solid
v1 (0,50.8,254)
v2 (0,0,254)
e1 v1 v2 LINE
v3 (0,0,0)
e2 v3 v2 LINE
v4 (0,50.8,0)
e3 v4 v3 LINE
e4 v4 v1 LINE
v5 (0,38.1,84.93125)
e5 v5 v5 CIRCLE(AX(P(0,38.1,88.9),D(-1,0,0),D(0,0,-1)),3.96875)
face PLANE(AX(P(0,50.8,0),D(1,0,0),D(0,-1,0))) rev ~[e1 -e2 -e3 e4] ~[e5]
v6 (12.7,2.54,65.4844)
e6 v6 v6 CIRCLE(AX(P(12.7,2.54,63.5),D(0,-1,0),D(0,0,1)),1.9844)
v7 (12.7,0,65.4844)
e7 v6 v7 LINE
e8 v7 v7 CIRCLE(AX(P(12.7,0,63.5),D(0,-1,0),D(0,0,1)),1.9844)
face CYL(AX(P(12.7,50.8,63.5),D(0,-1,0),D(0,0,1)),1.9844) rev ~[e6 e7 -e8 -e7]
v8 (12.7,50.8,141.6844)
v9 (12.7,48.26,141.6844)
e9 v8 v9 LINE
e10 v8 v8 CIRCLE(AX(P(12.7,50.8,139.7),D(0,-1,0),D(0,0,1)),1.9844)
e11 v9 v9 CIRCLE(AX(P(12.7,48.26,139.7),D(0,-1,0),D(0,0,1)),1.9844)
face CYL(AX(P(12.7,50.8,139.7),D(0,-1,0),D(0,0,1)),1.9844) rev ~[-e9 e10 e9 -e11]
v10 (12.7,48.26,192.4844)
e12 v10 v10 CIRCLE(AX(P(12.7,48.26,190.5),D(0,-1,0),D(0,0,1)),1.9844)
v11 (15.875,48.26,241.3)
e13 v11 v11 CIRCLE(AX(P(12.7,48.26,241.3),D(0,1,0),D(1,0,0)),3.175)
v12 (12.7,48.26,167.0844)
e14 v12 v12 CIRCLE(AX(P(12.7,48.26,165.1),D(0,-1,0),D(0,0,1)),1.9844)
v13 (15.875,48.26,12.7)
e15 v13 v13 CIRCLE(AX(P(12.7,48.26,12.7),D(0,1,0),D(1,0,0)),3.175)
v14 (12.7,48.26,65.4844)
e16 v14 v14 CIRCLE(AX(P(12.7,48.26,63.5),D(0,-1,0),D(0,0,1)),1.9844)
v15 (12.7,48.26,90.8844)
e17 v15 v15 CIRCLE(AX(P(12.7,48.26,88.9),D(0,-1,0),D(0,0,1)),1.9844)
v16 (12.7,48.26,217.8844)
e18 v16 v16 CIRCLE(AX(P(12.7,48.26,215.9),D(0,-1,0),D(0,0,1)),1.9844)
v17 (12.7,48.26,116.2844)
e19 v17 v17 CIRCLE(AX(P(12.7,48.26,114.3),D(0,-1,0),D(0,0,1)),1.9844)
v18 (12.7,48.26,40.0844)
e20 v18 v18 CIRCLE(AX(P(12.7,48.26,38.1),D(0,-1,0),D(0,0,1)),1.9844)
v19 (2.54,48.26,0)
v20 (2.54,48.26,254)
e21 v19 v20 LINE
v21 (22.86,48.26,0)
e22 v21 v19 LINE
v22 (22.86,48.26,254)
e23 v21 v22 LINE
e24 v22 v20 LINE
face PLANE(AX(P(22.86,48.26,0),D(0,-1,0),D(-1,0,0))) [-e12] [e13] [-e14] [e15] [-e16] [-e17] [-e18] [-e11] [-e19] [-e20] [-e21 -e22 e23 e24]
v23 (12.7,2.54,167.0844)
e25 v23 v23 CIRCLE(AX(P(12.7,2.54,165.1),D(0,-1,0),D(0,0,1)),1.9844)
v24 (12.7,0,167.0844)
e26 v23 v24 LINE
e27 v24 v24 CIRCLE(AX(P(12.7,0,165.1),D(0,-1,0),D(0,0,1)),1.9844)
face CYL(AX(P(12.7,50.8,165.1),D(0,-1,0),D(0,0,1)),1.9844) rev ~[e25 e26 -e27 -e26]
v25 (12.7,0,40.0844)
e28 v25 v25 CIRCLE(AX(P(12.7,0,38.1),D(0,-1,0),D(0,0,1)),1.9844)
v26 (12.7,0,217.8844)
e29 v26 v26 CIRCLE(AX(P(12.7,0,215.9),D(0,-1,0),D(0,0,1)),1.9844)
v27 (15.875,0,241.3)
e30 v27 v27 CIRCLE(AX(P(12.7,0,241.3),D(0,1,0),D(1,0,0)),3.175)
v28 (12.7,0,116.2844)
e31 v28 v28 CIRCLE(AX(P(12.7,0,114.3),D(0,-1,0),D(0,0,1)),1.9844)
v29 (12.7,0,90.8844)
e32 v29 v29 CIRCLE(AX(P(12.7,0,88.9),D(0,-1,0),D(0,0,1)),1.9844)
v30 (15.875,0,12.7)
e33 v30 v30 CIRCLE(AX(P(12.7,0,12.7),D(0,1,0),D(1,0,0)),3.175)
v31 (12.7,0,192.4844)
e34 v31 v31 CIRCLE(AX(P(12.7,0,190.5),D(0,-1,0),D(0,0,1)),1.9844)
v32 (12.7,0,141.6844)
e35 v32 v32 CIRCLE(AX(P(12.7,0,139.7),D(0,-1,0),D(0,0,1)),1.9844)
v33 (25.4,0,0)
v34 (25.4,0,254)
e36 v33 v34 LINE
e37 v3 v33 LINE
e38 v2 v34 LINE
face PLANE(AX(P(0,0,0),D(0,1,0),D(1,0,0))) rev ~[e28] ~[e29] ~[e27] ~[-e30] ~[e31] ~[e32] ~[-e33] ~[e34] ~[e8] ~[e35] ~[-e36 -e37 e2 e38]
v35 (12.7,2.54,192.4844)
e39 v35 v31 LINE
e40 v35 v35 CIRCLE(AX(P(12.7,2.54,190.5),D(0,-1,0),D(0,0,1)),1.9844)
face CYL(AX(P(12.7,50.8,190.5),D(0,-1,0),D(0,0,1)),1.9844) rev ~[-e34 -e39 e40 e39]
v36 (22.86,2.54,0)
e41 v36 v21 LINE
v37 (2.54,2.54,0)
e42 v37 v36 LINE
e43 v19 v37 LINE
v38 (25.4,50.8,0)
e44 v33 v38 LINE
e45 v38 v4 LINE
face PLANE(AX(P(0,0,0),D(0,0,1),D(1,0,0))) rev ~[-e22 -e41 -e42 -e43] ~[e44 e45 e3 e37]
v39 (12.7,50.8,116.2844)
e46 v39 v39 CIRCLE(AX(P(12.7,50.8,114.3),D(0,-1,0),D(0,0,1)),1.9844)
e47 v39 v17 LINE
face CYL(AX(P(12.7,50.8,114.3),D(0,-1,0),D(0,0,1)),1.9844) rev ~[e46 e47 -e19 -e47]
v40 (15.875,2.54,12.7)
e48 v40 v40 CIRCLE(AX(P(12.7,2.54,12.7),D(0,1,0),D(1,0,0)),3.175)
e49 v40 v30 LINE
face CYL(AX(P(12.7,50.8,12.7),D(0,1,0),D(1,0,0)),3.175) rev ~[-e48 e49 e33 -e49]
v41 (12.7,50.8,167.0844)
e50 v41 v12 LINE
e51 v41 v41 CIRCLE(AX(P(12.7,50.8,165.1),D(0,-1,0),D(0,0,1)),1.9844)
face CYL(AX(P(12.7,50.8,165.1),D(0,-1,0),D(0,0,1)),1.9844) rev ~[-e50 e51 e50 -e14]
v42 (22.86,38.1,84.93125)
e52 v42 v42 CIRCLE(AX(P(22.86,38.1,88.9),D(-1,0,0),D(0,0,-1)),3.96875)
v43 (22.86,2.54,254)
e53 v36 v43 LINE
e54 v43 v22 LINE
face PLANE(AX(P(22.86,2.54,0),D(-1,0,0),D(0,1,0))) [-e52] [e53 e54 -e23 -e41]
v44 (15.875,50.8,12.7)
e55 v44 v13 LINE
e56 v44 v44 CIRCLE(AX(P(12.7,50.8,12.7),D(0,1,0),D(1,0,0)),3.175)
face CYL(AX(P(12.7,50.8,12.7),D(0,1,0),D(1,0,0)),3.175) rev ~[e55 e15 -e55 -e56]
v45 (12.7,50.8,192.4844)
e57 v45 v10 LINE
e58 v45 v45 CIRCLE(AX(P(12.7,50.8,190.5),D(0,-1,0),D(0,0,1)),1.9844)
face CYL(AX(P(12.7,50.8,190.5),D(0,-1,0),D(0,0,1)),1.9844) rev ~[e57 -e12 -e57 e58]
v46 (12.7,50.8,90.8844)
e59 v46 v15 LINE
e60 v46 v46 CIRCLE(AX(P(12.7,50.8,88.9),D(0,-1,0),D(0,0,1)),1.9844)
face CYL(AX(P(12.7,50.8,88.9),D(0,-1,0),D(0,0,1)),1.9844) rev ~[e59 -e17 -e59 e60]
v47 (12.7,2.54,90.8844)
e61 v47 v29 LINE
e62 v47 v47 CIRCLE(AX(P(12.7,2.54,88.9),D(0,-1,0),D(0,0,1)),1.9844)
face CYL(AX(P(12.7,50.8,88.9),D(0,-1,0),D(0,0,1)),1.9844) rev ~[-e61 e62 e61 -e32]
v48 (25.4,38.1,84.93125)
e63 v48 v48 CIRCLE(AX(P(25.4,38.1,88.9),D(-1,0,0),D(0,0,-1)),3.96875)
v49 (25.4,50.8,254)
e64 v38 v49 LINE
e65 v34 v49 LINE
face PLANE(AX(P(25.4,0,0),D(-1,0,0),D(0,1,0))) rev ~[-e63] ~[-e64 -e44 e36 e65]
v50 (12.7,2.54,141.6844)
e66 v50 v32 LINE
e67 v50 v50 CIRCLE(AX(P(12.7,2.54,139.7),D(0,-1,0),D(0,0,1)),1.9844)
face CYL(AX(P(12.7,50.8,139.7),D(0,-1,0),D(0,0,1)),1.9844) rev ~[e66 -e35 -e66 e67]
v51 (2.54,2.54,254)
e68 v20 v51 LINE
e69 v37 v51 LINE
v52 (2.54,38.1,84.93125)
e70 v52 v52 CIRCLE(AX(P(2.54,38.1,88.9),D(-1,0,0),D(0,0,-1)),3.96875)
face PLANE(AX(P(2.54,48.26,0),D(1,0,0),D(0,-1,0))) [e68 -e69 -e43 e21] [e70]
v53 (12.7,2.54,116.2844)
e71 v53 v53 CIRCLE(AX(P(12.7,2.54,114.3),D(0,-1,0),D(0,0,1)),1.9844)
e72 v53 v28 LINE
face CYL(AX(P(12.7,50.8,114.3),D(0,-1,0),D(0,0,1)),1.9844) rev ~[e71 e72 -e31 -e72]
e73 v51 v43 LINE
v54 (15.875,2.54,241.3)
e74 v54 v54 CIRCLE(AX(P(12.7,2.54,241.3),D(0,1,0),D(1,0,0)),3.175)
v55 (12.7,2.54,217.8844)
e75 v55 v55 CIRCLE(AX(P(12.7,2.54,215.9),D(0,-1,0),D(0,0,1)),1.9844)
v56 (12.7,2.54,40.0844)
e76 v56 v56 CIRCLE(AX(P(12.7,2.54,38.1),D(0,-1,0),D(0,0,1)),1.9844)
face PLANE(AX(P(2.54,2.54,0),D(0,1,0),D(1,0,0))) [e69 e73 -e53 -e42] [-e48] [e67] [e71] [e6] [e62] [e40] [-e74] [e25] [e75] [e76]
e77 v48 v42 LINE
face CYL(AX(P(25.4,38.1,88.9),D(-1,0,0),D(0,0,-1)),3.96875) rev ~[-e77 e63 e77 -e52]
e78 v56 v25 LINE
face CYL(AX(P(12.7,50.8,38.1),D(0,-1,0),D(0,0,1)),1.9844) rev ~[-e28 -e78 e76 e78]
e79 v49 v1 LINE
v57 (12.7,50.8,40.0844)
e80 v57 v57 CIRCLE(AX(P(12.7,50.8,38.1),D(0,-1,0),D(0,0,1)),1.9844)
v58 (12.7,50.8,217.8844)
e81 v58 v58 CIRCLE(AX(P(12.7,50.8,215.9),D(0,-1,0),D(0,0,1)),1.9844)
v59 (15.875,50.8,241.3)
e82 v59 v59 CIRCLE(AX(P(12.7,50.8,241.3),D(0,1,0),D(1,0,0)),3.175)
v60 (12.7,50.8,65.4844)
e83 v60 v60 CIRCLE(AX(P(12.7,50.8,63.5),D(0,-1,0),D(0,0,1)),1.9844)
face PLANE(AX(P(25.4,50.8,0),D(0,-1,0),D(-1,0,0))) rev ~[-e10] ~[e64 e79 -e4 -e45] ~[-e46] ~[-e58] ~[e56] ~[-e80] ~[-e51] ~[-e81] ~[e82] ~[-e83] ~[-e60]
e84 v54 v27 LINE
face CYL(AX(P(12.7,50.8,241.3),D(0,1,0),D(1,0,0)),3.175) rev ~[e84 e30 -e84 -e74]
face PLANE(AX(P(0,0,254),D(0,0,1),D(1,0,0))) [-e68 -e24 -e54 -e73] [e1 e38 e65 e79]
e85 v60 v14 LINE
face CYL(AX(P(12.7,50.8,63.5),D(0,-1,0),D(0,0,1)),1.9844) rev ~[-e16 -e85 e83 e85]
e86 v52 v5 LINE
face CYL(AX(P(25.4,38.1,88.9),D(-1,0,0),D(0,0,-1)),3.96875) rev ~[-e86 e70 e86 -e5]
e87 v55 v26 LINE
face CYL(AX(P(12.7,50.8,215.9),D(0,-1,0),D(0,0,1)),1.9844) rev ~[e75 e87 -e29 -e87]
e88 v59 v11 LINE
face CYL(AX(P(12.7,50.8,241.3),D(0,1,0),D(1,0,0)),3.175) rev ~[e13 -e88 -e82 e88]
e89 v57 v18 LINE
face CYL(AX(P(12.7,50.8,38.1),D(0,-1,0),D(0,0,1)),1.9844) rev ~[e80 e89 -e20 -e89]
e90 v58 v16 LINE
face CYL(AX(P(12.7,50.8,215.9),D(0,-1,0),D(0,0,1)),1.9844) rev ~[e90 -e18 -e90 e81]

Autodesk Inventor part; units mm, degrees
ref_plane "YZ Plane" through (0, 0, 0) normal (1, 0, 0) x (0, 1, 0)
ref_plane "XZ Plane" through (0, 0, 0) normal (0, 1, 0) x (-1, 0, 0)
ref_plane "XY Plane" through (0, 0, 0) normal (0, 0, 1) x (1, 0, 0)
sketch "Sketch1" plane through (0, 0, 0) normal (0, 0, 1) x (1, 0, 0)
  line L0 (0, 0) -> (25.4, 0)
  line L1 (25.4, 0) -> (25.4, 50.8)
  line L2 (25.4, 50.8) -> (0, 50.8)
  line L3 (0, 50.8) -> (0, 0)
  line L4 (2.54, 2.54) -> (22.86, 2.54)
  line L5 (22.86, 2.54) -> (22.86, 48.26)
  line L6 (22.86, 48.26) -> (2.54, 48.26)
  line L7 (2.54, 48.26) -> (2.54, 2.54)
  dimension "d0" = 25.4
  dimension "d1" = 50.8
  dimension "d2" = 20.32
  dimension "d3" = 45.72
  dimension "d4" = 2.54
  dimension "d5" = 2.54
extrude "Extrusion1" add sketch "Sketch1" along normal blind 254
sketch "Sketch2" plane through (0, 50.8, 0) normal (0, 1, 0) x (1, 0, 0)
  line L0 (25.4, 0) -> (0, 0) projected
  line L1 (0, 0) -> (0, -254) projected
  line L2 (25.4, -254) -> (0, -254) projected
  line L3 (25.4, 0) -> (25.4, -254) projected
  point P0 (12.7, -12.7)
  dimension "d8" = 12.7
  dimension "d9" = 12.7
hole "Hole1" at (12.7, 50.8, 12.7) direction (0, -1, 0) diameter 3.9688 end through all
pattern_linear "Rectangular Pattern1" count 10 spacing 25.4 along (0, 0, 1) of "Hole1"
sketch "Sketch3" plane through (0, 50.8, 0) normal (0, 1, 0) x (1, 0, 0)
  circle A0 centre (12.7, -241.3) radius 1.9844 projected
  circle A1 centre (12.7, -215.9) radius 1.9844 projected
  circle A2 centre (12.7, -190.5) radius 1.9844 projected
  circle A3 centre (12.7, -165.1) radius 1.9844 projected
  circle A4 centre (12.7, -139.7) radius 1.9844 projected
  circle A5 centre (12.7, -114.3) radius 1.9844 projected
  circle A6 centre (12.7, -88.9) radius 1.9844 projected
  circle A7 centre (12.7, -63.5) radius 1.9844 projected
  circle A8 centre (12.7, -38.1) radius 1.9844 projected
  circle A9 centre (12.7, -12.7) radius 1.9844 projected
  line L0 (25.4, 0) -> (0, 0) projected
  line L1 (0, 0) -> (0, -254) projected
  line L2 (25.4, -254) -> (0, -254) projected
  line L3 (25.4, 0) -> (25.4, -254) projected
  circle A10 centre (12.7, -12.7) radius 3.175
  circle A11 centre (12.7, -241.3) radius 3.175
  dimension "d20" = 6.35
  dimension "d21" = 6.35
extrude "Extrusion2" cut sketch "Sketch3" against normal blind 279.4 contours A0 | A9 | A10 | A11
sketch "Sketch4" plane through (25.4, 0, 0) normal (1, 0, 0) x (0, 0, -1)
  line L0 (0, 0) -> (0, 50.8) projected
  line L1 (0, 50.8) -> (-254, 50.8) projected
  line L2 (-254, 0) -> (-254, 50.8) projected
  line L3 (0, 0) -> (-254, 0) projected
  point P0 (-88.9, 38.1)
  dimension "d24" = 12.7
  dimension "d25" = 165.1
hole "Hole2" at (25.4, 38.1, 88.9) direction (-1, 0, 0) diameter 7.9375 end through all
properties part number "frame_side_bumper"
